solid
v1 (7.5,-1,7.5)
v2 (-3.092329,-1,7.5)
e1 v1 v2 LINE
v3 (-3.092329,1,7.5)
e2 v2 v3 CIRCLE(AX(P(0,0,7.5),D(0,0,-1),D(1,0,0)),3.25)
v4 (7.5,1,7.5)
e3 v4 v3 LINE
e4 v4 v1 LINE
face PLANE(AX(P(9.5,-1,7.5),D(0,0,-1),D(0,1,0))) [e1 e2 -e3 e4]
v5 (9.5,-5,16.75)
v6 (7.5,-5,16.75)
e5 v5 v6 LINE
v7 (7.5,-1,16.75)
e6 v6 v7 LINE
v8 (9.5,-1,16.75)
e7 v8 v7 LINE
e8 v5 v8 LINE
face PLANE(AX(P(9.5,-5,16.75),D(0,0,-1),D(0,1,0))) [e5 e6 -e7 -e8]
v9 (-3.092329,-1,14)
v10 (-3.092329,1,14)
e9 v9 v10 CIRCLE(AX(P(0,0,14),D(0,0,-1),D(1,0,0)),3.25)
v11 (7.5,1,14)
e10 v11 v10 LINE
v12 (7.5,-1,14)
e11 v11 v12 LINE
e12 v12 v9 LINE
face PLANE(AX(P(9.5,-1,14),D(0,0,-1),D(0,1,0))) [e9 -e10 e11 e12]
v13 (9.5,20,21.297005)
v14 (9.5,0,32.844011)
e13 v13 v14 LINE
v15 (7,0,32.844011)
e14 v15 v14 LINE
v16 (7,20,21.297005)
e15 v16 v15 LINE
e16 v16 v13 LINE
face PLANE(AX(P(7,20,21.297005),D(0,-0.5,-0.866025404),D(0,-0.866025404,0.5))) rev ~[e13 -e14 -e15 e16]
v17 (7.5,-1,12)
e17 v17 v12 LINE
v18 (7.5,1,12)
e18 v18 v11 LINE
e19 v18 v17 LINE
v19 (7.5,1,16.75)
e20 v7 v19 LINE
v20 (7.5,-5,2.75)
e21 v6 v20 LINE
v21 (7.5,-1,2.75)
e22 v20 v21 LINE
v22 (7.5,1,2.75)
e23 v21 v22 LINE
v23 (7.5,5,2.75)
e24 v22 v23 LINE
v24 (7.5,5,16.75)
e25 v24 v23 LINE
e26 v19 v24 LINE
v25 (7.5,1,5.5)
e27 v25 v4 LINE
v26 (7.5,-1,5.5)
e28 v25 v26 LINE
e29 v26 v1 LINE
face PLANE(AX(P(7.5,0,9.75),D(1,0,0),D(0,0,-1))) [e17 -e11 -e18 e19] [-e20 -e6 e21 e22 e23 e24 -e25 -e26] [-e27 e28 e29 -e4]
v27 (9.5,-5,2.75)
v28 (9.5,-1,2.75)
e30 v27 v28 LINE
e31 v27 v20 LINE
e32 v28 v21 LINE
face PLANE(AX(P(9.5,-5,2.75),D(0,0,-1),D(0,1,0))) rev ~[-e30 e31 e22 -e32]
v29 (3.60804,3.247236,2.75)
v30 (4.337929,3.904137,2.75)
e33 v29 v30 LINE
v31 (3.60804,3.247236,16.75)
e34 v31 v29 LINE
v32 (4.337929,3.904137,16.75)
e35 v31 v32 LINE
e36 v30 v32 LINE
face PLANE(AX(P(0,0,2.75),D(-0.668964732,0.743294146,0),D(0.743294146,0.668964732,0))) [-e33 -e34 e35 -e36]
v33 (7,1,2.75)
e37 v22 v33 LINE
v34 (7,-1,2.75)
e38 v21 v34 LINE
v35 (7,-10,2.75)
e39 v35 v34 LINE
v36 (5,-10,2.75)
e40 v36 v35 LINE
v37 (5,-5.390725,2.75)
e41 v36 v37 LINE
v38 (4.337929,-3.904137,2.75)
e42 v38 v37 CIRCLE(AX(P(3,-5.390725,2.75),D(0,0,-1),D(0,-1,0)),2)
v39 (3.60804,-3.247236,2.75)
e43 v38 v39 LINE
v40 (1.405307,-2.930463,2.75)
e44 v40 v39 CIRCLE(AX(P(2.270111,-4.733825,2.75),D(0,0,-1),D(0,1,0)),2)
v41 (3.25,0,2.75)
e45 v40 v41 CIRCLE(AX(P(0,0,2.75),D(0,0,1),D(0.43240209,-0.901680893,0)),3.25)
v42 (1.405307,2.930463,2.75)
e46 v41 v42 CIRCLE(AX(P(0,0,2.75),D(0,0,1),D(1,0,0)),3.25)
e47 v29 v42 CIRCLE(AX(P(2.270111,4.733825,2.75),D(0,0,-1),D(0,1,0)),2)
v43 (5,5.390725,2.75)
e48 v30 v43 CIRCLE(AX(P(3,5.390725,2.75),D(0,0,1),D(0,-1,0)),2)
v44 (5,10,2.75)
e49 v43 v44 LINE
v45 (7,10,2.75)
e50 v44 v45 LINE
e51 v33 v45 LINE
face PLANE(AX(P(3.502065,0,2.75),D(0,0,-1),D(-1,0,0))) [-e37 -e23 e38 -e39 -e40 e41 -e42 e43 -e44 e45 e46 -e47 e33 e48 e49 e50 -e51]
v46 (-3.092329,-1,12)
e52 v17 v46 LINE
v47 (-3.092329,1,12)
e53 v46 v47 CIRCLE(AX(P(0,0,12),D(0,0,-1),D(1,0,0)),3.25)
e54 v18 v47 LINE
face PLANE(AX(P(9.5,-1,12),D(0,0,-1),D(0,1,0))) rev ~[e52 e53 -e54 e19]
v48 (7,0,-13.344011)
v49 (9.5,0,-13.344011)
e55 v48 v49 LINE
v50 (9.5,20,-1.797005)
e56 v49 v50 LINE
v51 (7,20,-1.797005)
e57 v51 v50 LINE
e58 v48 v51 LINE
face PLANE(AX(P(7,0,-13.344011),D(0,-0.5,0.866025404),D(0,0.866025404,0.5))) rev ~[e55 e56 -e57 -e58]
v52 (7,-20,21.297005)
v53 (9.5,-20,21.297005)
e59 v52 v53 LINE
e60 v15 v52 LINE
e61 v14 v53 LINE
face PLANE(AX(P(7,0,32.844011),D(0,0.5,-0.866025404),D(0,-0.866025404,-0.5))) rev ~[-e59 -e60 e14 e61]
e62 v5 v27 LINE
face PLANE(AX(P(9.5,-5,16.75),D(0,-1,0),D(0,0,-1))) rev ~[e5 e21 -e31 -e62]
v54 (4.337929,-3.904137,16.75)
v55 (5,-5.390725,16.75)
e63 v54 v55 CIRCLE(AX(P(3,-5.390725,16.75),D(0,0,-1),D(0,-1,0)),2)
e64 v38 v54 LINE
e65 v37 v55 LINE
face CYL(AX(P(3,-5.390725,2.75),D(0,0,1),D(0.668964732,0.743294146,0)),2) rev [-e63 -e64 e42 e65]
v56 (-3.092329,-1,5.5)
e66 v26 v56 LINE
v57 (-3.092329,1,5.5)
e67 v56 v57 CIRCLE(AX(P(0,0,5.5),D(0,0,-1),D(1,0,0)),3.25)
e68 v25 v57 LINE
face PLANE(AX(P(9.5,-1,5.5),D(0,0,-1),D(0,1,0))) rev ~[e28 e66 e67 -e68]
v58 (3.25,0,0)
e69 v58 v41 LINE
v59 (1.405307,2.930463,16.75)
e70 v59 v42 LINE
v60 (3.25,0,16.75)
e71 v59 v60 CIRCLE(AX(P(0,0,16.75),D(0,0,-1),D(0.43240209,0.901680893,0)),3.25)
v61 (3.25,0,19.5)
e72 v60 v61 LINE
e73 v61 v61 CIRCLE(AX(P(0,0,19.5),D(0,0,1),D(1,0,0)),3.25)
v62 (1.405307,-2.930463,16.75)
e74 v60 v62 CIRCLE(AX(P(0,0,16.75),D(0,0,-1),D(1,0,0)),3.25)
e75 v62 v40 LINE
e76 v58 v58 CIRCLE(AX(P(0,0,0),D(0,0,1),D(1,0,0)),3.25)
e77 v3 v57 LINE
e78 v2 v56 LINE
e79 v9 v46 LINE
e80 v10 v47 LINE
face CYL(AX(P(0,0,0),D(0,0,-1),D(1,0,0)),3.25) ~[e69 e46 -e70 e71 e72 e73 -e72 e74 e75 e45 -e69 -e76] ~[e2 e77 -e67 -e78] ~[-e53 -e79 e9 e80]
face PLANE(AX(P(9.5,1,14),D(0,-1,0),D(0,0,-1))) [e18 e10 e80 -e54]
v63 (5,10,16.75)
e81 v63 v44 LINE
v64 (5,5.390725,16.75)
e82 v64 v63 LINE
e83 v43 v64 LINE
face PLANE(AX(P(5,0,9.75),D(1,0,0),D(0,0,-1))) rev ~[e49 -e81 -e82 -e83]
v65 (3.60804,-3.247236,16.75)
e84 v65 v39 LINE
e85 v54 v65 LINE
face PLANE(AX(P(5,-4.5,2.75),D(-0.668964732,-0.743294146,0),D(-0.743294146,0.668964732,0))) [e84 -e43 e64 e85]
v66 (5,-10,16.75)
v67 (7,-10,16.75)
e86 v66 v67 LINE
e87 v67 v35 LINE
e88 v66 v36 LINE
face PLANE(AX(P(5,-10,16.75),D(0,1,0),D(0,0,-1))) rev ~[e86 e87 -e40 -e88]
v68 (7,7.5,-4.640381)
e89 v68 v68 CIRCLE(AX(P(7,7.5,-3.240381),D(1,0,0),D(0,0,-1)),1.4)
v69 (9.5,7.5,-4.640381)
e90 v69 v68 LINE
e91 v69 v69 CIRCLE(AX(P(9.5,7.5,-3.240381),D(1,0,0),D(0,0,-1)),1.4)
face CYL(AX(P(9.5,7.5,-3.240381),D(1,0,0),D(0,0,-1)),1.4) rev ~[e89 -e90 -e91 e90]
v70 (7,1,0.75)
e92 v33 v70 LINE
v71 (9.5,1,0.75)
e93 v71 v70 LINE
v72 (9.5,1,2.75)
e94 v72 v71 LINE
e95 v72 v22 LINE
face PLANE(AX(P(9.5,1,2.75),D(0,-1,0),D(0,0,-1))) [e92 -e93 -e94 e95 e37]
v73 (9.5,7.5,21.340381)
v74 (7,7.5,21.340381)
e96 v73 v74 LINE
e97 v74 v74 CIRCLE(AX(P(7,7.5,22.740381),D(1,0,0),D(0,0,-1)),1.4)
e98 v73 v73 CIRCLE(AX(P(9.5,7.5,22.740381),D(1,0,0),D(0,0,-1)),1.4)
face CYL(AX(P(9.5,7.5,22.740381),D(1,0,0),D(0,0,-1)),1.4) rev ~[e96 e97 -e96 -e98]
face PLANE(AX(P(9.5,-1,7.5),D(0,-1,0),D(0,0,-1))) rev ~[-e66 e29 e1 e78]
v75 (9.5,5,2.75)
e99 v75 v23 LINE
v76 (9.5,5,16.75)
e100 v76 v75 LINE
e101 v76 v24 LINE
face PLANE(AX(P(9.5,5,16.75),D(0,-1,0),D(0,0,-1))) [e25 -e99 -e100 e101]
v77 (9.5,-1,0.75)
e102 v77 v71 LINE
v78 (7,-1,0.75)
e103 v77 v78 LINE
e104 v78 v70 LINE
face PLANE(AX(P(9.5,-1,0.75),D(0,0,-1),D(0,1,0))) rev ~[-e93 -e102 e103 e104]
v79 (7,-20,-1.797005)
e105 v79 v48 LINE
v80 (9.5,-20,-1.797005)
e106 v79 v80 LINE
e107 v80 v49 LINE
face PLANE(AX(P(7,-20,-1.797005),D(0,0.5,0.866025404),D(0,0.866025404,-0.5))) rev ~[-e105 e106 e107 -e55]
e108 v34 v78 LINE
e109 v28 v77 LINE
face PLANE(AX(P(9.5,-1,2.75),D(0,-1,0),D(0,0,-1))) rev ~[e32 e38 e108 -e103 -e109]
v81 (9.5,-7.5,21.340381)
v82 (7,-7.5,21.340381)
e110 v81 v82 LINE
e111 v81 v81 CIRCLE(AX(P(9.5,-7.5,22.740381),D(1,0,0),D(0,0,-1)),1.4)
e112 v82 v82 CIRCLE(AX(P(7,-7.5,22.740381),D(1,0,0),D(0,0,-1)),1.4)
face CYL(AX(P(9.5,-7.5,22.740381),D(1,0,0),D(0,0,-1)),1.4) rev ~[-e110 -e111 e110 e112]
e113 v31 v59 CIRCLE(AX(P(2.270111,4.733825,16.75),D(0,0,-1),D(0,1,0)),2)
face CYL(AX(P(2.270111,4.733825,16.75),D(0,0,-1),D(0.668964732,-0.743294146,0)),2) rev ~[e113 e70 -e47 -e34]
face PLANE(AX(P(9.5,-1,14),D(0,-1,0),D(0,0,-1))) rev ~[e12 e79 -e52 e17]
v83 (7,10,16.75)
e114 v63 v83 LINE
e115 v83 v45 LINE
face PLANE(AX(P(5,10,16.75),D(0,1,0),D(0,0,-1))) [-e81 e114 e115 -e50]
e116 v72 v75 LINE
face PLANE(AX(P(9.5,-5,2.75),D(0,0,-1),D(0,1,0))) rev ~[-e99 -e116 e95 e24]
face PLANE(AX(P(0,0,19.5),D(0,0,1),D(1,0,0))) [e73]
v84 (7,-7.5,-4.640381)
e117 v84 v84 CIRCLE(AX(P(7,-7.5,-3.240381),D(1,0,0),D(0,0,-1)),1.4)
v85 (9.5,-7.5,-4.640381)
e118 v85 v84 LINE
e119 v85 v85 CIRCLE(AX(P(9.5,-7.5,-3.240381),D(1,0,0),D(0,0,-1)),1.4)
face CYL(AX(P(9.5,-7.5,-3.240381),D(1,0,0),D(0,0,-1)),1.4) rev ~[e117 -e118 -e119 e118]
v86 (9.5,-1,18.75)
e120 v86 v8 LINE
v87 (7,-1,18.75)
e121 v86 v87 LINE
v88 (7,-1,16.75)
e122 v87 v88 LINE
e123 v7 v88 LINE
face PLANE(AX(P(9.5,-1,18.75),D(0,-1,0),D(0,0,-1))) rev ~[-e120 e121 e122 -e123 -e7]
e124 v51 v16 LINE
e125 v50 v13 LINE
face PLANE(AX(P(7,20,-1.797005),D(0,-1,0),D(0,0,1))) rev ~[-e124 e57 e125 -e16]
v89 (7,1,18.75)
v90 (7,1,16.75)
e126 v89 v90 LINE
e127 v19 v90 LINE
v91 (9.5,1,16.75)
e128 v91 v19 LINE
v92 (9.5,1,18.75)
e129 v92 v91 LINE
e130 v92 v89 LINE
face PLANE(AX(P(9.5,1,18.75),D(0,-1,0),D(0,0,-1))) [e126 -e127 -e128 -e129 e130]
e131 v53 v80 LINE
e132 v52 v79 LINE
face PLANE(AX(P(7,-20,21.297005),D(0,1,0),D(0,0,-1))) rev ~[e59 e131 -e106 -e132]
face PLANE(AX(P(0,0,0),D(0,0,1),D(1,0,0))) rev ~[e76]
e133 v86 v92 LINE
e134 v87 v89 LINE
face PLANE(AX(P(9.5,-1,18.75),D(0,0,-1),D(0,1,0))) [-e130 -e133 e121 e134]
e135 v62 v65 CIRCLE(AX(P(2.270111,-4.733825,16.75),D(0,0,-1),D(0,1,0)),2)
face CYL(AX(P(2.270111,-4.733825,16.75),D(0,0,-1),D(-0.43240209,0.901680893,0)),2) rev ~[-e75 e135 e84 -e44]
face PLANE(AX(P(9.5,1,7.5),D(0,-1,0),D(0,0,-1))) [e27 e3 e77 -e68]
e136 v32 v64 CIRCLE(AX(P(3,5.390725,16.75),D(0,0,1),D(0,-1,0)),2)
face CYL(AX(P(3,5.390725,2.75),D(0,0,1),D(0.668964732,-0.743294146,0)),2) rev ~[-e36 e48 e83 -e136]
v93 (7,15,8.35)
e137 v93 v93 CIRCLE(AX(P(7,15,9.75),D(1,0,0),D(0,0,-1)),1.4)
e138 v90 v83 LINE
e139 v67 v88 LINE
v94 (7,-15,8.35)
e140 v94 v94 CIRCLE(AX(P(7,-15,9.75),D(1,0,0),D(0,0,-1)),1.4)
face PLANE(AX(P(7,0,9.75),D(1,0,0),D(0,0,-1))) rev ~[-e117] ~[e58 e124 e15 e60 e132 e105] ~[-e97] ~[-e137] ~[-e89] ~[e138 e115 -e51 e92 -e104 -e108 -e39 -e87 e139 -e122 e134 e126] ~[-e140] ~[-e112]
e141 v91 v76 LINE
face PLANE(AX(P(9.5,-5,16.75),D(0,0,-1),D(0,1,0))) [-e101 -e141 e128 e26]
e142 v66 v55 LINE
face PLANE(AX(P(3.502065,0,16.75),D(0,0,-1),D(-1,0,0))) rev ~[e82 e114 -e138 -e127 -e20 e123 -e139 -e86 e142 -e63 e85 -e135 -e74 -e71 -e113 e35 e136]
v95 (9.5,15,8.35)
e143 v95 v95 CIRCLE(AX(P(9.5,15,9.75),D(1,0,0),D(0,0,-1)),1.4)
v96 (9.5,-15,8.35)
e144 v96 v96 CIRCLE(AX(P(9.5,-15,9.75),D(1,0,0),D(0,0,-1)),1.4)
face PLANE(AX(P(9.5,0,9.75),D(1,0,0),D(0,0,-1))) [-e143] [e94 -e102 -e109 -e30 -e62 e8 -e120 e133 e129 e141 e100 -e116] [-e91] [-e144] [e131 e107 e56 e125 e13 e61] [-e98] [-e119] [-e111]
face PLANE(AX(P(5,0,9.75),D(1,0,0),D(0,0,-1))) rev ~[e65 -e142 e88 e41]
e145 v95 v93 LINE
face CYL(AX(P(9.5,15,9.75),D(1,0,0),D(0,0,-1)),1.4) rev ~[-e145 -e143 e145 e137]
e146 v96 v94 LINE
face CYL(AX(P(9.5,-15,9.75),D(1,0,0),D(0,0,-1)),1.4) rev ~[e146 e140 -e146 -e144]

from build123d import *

# Parameters (mm, degrees)
SKETCH_1_R          = 3.25
EXTRUDE_1_DEPTH     = 19.5
SKETCH_2_W          = 14
SKETCH_2_H          = 20
EXTRUDE_2_DEPTH     = 2
EXTRUDE_3_DEPTH     = 14
FILLET_1_R          = 2
EXTRUDE_4_DEPTH     = 2.5
SKETCH_6_W          = 2
SKETCH_6_H          = 2
CUT_EXTRUDE_1_DEPTH = 13.75
SKETCH_7_W          = 14
SKETCH_7_H          = 10
CUT_EXTRUDE_2_DEPTH = 2
SKETCH_8_W          = 2
SKETCH_8_H          = 2
CUT_EXTRUDE_3_DEPTH = 2.5
SKETCH_14_R         = 1.4
CUT_EXTRUDE_4_DEPTH = 2.5


with BuildPart() as part:
    # Sketch 1 → Extrude 1 (new body)
    with BuildSketch(Plane.XY):
        Circle(SKETCH_1_R)
    extrude(amount=EXTRUDE_1_DEPTH)



with BuildPart() as body_2:
    # Sketch 2 → Extrude 2 (new body)
    with BuildSketch(Plane(origin=(5, 0, 0), x_dir=(0, 0, -1), z_dir=(1, 0, 0))):
        with Locations((-9.75, 0)):
            Rectangle(SKETCH_2_W, SKETCH_2_H)
    extrude(amount=EXTRUDE_2_DEPTH)


with BuildPart() as part_1:
    add(part.part)

    add(body_2.part)  # Extrude 3 merges body 2
    # Sketch 3 → Extrude 3 (add)
    with BuildSketch(Plane(origin=(0, 0, 2.75), x_dir=(-1, 0, 0), z_dir=(0, 0, -1))):
        Polygon((0, 0), (-5, 4.5), (-5, -4.5), align=None)
    extrude(amount=-EXTRUDE_3_DEPTH)

    # Fillet 1
    fillet_1_edges = [part_1.edges().sort_by_distance(p)[0] for p in [
        (2.415705975, 2.174135378, 9.75),
        (2.415705975, -2.174135378, 9.75),
        (5, 4.5, 9.75),
        (5, -4.5, 9.75),
    ]]
    fillet(fillet_1_edges, radius=FILLET_1_R)

    # Sketch 5 → Extrude 4 (add)
    with BuildSketch(Plane(origin=(7, 0, 0), x_dir=(0, 0, -1), z_dir=(1, 0, 0))):
        Polygon((-21.297005384, 20), (-32.844010768, 0), (-21.297005384, -20), (1.797005384, -20), (13.344010768, 0), (1.797005384, 20), align=None)
    extrude(amount=EXTRUDE_4_DEPTH)

    # Sketch 6 → Cut-Extrude 1 (cut, through all)
    with BuildSketch(Plane(origin=(9.5, 0, 0), x_dir=(0, 0, -1), z_dir=(1, 0, 0))):
        with Locations((-13, 0)):
            Rectangle(SKETCH_6_W, SKETCH_6_H)
        with Locations((-6.5, 0)):
            Rectangle(SKETCH_6_W, SKETCH_6_H)
    extrude(amount=-CUT_EXTRUDE_1_DEPTH, mode=Mode.SUBTRACT)

    # Sketch 7 → Cut-Extrude 2 (cut)
    with BuildSketch(Plane(origin=(9.5, 0, 0), x_dir=(0, 0, -1), z_dir=(1, 0, 0))):
        with Locations((-9.75, 0)):
            Rectangle(SKETCH_7_W, SKETCH_7_H)
    extrude(amount=-CUT_EXTRUDE_2_DEPTH, mode=Mode.SUBTRACT)

    # Sketch 8 → Cut-Extrude 3 (cut)
    with BuildSketch(Plane(origin=(9.5, 0, 0), x_dir=(0, 0, -1), z_dir=(1, 0, 0))):
        with Locations((-17.75, 0)):
            Rectangle(SKETCH_8_W, SKETCH_8_H)
        with Locations((-1.75, 0)):
            Rectangle(SKETCH_8_W, SKETCH_8_H)
    extrude(amount=-CUT_EXTRUDE_3_DEPTH, mode=Mode.SUBTRACT)

    # Sketch 14 → Cut-Extrude 4 (cut)
    with BuildSketch(Plane(origin=(9.5, 0, 0), x_dir=(0, 0, -1), z_dir=(1, 0, 0))):
        with Locations((-9.75, 15)):
            Circle(SKETCH_14_R)
        with Locations((3.240381057, 7.5)):
            Circle(SKETCH_14_R)
        with Locations((3.240381057, -7.5)):
            Circle(SKETCH_14_R)
        with Locations((-9.75, -15)):
            Circle(SKETCH_14_R)
        with Locations((-22.740381057, -7.5)):
            Circle(SKETCH_14_R)
        with Locations((-22.740381057, 7.5)):
            Circle(SKETCH_14_R)
    extrude(amount=-CUT_EXTRUDE_4_DEPTH, mode=Mode.SUBTRACT)


solid = part_1.part
